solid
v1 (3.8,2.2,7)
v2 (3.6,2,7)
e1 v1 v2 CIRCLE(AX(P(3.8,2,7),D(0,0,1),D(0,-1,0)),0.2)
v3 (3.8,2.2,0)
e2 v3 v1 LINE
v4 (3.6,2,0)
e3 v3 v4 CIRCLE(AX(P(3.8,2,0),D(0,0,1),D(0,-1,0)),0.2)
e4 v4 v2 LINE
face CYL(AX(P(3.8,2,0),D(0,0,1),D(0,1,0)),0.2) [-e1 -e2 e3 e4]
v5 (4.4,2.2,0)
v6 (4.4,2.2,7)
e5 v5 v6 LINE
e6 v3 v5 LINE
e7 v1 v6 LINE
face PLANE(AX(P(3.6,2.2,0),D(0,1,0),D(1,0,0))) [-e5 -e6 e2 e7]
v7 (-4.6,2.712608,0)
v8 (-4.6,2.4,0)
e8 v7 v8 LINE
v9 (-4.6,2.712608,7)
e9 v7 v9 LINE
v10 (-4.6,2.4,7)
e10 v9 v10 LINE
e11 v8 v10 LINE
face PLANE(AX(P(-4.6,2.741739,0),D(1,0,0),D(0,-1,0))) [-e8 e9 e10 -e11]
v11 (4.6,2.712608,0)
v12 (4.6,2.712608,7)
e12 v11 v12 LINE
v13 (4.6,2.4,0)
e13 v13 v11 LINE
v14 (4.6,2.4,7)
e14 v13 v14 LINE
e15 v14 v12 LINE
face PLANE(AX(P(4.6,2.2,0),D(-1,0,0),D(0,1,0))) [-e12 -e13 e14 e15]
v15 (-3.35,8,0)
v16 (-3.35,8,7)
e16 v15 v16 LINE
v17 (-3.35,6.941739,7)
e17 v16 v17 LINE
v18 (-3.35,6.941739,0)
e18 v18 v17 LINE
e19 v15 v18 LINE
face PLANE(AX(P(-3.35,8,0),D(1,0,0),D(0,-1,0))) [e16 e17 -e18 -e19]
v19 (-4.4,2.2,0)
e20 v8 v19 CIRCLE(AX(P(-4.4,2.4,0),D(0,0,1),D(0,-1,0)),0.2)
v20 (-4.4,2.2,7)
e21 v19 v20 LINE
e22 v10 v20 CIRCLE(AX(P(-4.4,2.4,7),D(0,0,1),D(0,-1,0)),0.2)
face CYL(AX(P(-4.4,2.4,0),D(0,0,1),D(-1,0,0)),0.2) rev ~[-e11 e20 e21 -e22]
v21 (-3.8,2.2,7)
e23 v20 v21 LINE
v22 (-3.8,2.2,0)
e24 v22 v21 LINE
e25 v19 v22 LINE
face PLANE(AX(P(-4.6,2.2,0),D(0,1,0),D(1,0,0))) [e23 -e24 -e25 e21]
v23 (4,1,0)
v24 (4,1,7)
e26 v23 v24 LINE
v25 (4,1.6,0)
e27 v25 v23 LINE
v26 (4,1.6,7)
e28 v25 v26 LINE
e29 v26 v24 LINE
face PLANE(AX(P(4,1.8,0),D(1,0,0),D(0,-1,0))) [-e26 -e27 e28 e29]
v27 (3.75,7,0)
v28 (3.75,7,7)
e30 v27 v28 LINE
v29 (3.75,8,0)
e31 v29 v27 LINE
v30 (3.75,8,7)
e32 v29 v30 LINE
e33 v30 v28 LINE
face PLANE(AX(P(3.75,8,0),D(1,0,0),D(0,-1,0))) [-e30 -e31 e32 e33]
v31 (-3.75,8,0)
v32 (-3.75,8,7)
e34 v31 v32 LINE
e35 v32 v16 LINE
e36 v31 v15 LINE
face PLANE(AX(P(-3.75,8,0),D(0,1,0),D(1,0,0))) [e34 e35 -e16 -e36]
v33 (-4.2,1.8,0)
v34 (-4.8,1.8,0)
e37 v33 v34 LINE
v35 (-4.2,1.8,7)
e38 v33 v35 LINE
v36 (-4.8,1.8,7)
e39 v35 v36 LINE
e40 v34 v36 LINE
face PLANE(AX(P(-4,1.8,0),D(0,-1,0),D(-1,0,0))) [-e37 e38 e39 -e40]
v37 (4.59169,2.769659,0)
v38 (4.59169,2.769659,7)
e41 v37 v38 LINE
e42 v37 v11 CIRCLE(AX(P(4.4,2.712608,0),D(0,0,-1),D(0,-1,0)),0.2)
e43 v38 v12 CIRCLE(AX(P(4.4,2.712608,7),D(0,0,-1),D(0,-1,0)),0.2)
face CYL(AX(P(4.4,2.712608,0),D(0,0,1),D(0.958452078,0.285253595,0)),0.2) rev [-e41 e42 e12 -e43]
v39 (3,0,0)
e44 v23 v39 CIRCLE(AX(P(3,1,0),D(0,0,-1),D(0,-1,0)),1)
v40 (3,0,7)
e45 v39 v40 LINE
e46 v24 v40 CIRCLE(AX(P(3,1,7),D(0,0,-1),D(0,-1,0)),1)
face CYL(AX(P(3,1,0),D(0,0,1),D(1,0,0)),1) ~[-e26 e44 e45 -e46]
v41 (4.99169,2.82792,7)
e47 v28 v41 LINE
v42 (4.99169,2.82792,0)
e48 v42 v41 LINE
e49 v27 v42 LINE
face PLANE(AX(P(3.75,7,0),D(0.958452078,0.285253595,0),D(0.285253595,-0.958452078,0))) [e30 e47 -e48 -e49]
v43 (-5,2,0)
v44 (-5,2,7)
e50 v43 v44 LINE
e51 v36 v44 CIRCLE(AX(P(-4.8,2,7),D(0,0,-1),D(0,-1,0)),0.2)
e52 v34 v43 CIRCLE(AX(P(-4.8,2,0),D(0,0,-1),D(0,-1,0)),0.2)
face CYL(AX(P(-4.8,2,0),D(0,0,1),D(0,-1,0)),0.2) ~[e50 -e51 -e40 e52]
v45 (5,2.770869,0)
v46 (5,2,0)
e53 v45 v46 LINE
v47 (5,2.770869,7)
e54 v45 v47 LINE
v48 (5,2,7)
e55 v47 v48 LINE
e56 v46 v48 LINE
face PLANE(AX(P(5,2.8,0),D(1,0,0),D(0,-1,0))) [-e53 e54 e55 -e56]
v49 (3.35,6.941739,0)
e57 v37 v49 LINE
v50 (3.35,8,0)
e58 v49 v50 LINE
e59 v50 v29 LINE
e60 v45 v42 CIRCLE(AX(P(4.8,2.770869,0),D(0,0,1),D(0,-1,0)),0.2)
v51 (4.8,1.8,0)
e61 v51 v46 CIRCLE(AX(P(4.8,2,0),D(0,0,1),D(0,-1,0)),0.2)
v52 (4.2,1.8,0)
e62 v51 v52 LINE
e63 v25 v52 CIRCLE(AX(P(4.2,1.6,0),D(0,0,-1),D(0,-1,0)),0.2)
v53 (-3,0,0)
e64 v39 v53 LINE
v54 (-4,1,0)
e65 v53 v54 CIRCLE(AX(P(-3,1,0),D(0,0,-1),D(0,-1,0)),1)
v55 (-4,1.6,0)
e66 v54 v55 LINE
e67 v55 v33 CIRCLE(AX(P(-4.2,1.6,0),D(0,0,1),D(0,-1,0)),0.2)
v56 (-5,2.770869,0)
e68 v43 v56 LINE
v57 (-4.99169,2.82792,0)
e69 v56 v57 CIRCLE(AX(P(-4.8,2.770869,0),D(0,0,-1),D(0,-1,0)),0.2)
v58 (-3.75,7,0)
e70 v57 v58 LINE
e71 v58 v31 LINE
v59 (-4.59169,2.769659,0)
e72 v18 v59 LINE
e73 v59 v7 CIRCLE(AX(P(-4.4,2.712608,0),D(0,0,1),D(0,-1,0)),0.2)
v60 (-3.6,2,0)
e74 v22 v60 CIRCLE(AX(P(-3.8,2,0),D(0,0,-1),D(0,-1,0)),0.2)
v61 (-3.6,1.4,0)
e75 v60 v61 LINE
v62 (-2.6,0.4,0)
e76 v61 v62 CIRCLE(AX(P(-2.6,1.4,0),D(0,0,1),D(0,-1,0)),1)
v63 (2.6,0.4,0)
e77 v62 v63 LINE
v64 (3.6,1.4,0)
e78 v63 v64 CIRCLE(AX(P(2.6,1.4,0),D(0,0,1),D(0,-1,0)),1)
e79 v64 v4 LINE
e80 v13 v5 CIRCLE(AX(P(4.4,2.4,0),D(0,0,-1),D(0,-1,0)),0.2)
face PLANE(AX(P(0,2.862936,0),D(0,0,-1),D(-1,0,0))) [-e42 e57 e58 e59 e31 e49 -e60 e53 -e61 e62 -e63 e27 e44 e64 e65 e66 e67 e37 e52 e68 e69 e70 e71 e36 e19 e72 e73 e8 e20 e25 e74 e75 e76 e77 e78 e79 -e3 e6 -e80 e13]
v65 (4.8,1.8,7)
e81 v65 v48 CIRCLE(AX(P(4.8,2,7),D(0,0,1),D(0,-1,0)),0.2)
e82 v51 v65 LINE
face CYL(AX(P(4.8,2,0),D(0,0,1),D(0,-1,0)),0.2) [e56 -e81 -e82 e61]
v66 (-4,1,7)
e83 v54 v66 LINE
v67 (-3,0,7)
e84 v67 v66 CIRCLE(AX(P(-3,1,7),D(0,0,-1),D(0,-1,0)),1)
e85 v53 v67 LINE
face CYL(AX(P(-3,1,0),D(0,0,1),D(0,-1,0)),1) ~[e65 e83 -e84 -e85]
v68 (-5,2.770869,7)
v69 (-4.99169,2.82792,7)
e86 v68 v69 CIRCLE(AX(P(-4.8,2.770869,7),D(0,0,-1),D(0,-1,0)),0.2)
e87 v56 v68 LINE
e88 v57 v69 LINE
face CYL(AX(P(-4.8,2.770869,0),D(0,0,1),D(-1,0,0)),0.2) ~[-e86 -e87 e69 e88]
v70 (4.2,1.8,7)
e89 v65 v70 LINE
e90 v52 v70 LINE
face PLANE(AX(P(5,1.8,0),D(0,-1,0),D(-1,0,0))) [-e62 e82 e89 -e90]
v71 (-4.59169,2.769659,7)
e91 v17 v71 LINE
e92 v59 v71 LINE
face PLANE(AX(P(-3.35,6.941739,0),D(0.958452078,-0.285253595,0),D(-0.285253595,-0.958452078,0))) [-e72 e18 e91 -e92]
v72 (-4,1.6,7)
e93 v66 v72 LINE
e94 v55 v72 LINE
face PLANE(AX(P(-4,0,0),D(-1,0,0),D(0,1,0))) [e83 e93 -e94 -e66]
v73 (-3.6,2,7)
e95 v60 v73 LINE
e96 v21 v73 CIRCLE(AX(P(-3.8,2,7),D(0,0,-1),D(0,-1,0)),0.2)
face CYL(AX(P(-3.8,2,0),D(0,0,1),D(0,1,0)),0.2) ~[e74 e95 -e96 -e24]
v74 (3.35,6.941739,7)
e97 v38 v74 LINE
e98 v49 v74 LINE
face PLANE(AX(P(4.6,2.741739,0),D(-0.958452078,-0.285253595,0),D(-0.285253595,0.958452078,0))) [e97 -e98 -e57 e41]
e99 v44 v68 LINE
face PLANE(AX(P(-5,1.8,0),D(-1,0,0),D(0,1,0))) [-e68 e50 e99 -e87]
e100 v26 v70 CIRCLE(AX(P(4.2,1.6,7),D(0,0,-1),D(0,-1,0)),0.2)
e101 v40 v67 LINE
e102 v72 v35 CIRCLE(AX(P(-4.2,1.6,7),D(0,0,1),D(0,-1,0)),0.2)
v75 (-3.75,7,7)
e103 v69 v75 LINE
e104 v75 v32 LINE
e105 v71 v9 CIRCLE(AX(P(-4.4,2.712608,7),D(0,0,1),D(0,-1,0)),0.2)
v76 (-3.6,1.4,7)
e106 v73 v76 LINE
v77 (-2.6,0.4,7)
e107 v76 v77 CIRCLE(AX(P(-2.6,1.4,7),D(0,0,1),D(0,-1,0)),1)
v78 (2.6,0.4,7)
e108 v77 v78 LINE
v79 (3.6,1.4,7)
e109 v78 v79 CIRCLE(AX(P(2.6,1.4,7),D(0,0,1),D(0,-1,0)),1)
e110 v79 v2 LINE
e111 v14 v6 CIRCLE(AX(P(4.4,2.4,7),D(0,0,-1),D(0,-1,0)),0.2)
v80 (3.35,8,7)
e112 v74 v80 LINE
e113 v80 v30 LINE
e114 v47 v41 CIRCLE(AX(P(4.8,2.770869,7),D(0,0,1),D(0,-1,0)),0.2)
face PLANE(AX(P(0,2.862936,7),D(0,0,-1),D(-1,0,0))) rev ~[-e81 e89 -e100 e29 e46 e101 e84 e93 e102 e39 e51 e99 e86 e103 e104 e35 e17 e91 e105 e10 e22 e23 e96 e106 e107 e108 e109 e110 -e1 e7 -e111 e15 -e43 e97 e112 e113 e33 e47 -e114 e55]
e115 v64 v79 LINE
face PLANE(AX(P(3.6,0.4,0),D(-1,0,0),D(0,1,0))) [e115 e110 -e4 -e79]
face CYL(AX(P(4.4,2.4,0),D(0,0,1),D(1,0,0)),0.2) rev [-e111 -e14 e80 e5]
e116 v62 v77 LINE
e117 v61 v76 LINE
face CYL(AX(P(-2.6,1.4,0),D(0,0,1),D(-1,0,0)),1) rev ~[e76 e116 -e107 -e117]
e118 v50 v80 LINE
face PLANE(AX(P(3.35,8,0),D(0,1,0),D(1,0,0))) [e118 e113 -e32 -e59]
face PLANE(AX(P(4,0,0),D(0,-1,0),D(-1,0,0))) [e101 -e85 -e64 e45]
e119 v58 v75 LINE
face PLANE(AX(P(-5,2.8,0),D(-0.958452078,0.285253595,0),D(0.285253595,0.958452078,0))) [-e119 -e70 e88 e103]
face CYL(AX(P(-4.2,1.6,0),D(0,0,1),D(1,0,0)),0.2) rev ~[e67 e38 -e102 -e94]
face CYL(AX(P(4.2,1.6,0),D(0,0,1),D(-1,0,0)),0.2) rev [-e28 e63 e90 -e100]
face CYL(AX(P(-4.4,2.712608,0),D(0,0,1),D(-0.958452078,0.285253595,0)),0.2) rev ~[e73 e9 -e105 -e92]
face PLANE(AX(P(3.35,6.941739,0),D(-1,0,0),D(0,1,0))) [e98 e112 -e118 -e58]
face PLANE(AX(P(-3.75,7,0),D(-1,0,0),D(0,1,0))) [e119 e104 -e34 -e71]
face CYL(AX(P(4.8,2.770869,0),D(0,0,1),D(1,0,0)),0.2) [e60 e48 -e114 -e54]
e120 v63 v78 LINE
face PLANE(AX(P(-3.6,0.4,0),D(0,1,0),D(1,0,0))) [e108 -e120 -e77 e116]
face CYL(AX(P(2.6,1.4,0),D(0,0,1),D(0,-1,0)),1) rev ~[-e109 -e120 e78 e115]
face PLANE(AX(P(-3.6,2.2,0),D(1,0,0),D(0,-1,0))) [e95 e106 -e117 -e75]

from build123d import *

# Parameters (mm, degrees)
EXTRUDE_THIN1_DEPTH = 7
FILLET1_R           = 1
FILLET2_R           = 0.2


with BuildPart() as part:
    # Sketch1 → Extrude-Thin1 (new body)
    with BuildSketch(Plane.XY):
        Polygon((3.75, 8), (3.75, 7), (5, 2.8), (5, 1.8), (4, 1.8), (4, 0), (-4, 0), (-4, 1.8), (-5, 1.8), (-5, 2.8), (-3.75, 7), (-3.75, 8), (-3.35, 8), (-3.35, 6.941738969), (-4.6, 2.741738969), (-4.6, 2.2), (-3.6, 2.2), (-3.6, 0.4), (3.6, 0.4), (3.6, 2.2), (4.6, 2.2), (4.6, 2.741738969), (3.35, 6.941738969), (3.35, 8), align=None)
    extrude(amount=EXTRUDE_THIN1_DEPTH)

    # Fillet1
    fillet1_edges = [part.edges().sort_by_distance(p)[0] for p in [
        (4, 0, 3.5),
        (-4, 0, 3.5),
        (-3.6, 0.4, 3.5),
        (3.6, 0.4, 3.5),
    ]]
    fillet(fillet1_edges, radius=FILLET1_R)

    # Fillet2
    fillet2_edges = [part.edges().sort_by_distance(p)[0] for p in [
        (5, 2.8, 3.5),
        (5, 1.8, 3.5),
        (4, 1.8, 3.5),
        (-4, 1.8, 3.5),
        (-5, 1.8, 3.5),
        (-5, 2.8, 3.5),
        (-4.6, 2.741738969, 3.5),
        (-4.6, 2.2, 3.5),
        (-3.6, 2.2, 3.5),
        (3.6, 2.2, 3.5),
        (4.6, 2.2, 3.5),
        (4.6, 2.741738969, 3.5),
    ]]
    fillet(fillet2_edges, radius=FILLET2_R)


solid = part.part
